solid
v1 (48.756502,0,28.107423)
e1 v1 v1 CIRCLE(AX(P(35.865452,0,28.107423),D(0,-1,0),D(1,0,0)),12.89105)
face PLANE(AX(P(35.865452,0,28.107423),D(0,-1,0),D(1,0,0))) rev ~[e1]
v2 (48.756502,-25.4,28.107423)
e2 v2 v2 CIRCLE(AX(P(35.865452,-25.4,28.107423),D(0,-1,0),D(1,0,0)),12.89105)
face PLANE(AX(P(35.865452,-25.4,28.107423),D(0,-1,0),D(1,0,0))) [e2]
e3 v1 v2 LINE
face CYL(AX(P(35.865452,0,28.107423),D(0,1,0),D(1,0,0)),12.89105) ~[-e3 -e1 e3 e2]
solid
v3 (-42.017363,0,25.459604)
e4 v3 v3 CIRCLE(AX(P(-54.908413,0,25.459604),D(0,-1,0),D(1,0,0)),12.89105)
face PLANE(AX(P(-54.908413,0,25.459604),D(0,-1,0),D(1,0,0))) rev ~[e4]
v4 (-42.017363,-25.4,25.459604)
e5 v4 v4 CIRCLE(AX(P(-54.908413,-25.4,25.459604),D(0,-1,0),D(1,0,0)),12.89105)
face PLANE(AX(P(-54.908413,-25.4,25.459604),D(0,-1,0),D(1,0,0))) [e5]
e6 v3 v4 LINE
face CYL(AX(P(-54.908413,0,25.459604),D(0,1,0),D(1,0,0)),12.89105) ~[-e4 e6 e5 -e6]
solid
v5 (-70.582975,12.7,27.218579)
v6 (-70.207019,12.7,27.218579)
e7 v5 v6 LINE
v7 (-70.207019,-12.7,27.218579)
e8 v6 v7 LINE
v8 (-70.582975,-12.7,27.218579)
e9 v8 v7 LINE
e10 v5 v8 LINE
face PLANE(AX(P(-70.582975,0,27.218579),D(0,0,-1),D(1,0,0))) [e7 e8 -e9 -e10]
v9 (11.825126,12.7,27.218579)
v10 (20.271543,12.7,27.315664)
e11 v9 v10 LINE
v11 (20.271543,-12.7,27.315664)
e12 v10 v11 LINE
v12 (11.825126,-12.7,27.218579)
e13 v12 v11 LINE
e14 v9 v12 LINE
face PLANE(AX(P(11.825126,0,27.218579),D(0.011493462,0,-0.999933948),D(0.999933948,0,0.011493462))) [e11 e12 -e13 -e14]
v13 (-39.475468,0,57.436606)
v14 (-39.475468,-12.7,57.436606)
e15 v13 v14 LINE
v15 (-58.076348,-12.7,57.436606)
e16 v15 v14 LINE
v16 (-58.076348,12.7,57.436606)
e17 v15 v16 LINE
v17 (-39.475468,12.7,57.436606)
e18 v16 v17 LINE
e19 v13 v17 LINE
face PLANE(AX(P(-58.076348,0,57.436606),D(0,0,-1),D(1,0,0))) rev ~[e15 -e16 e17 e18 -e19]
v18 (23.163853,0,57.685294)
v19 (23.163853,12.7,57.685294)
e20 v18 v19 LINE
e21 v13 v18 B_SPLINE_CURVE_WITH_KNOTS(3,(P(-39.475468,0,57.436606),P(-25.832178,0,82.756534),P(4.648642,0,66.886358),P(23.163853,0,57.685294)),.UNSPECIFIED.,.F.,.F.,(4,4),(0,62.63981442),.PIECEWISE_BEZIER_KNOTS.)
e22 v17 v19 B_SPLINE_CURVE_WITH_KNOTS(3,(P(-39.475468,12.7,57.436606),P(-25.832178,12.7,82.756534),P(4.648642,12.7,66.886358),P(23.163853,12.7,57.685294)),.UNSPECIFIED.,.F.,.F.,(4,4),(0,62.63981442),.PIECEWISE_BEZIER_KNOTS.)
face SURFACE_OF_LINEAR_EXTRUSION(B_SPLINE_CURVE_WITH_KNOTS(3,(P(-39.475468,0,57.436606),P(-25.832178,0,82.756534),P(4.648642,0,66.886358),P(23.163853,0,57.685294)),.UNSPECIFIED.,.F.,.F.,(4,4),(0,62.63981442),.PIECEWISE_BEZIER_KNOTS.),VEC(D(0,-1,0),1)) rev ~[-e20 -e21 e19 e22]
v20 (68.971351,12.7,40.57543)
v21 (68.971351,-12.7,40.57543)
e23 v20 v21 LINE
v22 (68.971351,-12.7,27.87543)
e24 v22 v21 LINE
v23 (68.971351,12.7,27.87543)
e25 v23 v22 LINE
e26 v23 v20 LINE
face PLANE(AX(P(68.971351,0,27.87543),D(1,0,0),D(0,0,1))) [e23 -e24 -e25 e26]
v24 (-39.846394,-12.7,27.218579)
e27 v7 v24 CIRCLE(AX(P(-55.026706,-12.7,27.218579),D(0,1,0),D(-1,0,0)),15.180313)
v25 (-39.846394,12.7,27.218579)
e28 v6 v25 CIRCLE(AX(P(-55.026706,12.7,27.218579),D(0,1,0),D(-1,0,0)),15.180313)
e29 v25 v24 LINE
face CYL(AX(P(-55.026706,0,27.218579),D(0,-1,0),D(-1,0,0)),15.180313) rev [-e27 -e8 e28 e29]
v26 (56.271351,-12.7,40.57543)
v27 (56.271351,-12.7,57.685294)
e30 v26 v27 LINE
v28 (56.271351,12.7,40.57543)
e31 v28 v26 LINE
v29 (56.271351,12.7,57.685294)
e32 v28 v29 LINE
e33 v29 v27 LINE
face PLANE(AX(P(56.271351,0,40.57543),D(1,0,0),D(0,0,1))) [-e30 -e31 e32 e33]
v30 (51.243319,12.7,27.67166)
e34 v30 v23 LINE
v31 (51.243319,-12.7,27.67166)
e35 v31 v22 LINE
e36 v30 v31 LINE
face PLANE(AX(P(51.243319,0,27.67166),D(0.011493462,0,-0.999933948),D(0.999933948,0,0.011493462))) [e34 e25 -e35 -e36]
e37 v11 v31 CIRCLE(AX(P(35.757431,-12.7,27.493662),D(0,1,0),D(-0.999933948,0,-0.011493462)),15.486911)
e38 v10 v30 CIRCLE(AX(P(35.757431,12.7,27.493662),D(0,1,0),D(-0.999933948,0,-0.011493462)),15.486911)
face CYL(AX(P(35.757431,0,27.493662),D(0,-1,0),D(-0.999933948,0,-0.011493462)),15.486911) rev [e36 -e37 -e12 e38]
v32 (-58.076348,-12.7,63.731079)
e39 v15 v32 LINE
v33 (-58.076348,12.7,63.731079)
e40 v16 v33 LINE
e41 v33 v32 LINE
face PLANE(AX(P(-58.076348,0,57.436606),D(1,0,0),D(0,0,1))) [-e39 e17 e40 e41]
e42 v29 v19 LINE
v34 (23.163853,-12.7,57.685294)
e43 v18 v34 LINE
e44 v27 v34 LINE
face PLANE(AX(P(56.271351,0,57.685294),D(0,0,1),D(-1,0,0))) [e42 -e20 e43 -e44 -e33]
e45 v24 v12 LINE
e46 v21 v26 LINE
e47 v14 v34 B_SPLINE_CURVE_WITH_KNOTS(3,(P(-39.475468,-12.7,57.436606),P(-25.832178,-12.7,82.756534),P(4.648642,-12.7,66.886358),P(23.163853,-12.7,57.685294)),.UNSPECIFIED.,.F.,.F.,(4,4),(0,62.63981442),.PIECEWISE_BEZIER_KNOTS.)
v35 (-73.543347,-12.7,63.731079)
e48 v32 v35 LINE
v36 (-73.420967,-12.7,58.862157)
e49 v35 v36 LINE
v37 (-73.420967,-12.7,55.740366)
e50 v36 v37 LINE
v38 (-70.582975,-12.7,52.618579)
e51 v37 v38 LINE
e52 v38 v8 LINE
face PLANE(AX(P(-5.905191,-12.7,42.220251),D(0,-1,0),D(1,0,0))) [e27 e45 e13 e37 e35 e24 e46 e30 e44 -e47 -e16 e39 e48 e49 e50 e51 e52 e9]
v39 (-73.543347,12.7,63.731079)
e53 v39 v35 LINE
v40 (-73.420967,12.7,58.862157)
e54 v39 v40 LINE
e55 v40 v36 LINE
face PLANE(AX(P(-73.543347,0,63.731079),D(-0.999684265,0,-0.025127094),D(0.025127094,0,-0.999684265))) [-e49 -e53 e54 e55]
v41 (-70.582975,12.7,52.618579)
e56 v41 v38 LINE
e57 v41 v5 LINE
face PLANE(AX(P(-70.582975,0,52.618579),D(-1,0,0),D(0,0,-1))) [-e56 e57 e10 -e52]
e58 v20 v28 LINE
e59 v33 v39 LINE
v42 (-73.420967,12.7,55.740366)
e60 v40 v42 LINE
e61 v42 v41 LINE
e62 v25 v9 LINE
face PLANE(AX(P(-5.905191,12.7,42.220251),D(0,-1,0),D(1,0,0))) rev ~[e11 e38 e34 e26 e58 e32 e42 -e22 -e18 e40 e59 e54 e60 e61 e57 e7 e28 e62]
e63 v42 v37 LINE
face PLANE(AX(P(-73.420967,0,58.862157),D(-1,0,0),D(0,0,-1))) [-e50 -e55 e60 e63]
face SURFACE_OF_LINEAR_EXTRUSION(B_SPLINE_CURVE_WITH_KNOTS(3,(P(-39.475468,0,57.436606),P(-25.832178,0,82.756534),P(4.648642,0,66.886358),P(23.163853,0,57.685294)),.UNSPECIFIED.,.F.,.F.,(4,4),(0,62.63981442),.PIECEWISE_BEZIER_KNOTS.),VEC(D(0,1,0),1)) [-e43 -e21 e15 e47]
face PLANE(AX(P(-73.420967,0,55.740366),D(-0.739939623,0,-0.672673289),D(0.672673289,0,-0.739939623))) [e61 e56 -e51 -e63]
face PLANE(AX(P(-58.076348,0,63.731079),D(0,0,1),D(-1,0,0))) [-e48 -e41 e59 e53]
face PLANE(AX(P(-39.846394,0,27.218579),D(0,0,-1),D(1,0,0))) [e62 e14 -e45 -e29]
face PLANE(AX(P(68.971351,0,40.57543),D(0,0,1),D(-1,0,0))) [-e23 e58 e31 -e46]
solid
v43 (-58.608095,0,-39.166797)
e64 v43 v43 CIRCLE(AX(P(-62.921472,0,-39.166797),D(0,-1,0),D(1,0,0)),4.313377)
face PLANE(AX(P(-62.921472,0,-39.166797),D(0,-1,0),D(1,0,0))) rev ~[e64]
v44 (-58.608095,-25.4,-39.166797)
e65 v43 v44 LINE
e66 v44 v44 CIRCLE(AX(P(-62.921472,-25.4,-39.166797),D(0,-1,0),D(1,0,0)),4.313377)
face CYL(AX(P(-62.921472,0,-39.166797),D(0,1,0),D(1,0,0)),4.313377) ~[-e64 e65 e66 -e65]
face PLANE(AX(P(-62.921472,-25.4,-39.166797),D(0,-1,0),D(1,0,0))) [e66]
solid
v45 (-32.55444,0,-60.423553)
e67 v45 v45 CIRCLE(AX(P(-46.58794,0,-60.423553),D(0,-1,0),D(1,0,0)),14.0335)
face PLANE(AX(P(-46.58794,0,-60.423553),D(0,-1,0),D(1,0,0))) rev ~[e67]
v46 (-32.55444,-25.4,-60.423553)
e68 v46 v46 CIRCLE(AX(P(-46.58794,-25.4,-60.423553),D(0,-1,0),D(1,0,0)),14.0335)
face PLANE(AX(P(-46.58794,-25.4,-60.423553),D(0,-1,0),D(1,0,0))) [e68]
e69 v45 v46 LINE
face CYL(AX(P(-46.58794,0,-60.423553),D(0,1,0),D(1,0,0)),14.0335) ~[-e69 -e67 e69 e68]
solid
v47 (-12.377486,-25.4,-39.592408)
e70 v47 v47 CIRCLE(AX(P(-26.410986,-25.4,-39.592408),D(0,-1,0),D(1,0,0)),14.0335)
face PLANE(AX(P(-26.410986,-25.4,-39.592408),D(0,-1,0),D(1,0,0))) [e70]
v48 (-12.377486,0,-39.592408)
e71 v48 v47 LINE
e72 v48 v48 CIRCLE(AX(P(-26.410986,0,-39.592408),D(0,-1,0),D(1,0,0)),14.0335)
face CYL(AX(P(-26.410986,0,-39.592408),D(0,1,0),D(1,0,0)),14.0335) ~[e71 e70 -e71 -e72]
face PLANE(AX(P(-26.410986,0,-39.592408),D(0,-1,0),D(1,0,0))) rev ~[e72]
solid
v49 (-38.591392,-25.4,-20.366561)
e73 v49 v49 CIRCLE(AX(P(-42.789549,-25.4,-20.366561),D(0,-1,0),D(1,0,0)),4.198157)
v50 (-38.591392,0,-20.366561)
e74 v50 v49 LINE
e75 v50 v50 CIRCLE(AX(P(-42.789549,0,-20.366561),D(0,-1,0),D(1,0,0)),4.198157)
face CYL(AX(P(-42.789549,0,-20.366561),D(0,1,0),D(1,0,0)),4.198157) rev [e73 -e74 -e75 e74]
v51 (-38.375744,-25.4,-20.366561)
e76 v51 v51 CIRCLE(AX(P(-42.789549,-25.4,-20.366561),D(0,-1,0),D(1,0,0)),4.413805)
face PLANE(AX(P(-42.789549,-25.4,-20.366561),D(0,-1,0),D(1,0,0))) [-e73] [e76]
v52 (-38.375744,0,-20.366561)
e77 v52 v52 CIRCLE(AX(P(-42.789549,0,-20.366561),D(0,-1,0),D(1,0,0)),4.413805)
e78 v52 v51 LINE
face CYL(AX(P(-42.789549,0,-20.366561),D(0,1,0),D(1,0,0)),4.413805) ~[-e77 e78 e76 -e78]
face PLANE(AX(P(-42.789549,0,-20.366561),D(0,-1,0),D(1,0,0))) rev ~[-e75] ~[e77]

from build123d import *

# Parameters (mm, degrees)
F0_W     = 50.8
F0_H     = 8.048554721
F0_W_2   = 18.6008806118
F0_H_2   = 6.2944726395
F1_DEPTH = 12.7
F2_R     = 12.8910501965
F3_DEPTH = 25.4
F2_R_2   = 4.4138047906
F2_R_3   = 4.1981567518
F2_R_4   = 4.3133772
F2_R_5   = 14.0335


with BuildPart() as f1:
    # F0 (on Front) → F1 (new body, symmetric)
    with BuildSketch(Plane.XZ):
        with BuildLine():
            Line((-73.4209669053, 55.7403657233), (-70.5829752063, 52.6185790514))
            Line((-70.5829752063, 52.6185790514), (-70.5829752063, 27.2185790514))
            Line((-70.5829752063, 27.2185790514), (-70.2070189452, 27.2185790514))
            ThreePointArc((-70.2070189452, 27.2185790514), (-55.0267063081, 42.3988916884), (-39.846393671, 27.2185790514))
            Line((-39.846393671, 27.2185790514), (11.8251257334, 27.2185790514))
            Line((11.8251257334, 27.2185790514), (20.271542769, 27.3156640365))
            ThreePointArc((20.271542769, 27.3156640365), (35.5794324636, 42.979550171), (51.2433185982, 27.6716604765))
            Line((51.2433185982, 27.6716604765), (68.9713508607, 27.8754303994))
            Line((68.9713508607, 27.8754303994), (68.9713508607, 40.5754303994))
            Line((68.9713508607, 40.5754303994), (56.2713508607, 40.5754303994))
            Line((56.2713508607, 40.5754303994), (56.2713508607, 57.6852942501))
            Line((56.2713508607, 57.6852942501), (41.7381572862, 57.6852942501))
            Line((41.7381572862, 57.6852942501), (23.1638532132, 57.6852942501))
            Line((23.1638532132, 57.6852942501), (11.3245324561, 57.6852942501))
            Line((11.3245324561, 57.6852942501), (11.3245324561, 51.1421337724))
            Line((11.3245324561, 51.1421337724), (11.3245324561, 43.0935790514))
            Line((11.3245324561, 43.0935790514), (-39.4754675439, 43.0935790514))
            Line((-39.4754675439, 43.0935790514), (-39.4754675439, 51.1421337724))
            Line((-39.4754675439, 51.1421337724), (-58.0763481557, 51.1421337724))
            Line((-58.0763481557, 51.1421337724), (-58.0763481557, 57.4366064119))
            Line((-58.0763481557, 57.4366064119), (-58.0763481557, 63.7310790514))
            Line((-58.0763481557, 63.7310790514), (-73.5433474183, 63.7310790514))
            Line((-73.5433474183, 63.7310790514), (-73.4209669053, 58.8621565922))
            Line((-73.4209669053, 58.8621565922), (-73.4209669053, 55.7403657233))
        make_face()
        with BuildLine():
            add(Edge.make_bspline(
                [(-39.4754675439, 57.4366064119), (-25.8321780711, 82.7565342188), (4.6486416832, 66.8863579631), (23.1638532132, 57.6852942501)],
                knots=[0, 0, 0, 0, 62.6398144198, 62.6398144198, 62.6398144198, 62.6398144198], degree=3))
            Line((-39.4754675439, 57.4366064119), (-39.4754675439, 51.1421337724))
            Line((-39.4754675439, 51.1421337724), (11.3245324561, 51.1421337724))
            Line((11.3245324561, 51.1421337724), (11.3245324561, 57.6852942501))
            Line((11.3245324561, 57.6852942501), (23.1638532132, 57.6852942501))
        make_face()
        with Locations((-14.0754675439, 47.1178564119)):
            Rectangle(F0_W, F0_H)
        with Locations((-48.7759078498, 54.2893700921)):
            Rectangle(F0_W_2, F0_H_2)
    extrude(amount=F1_DEPTH, both=True)


with BuildPart() as f3:
    # F2 (on Front) → F3 (new body)
    with BuildSketch(Plane.XZ):
        with Locations((-54.90841344, 25.4596043378)):
            Circle(F2_R)
    extrude(amount=F3_DEPTH)


with BuildPart() as f3b:
    # F2 (on Front) → F3, piece 2 (new body)
    with BuildSketch(Plane.XZ):
        with Locations((35.8654521406, 28.1074233353)):
            Circle(F2_R)
    extrude(amount=F3_DEPTH)


with BuildPart() as f3c:
    # F2 (on Front) → F3, piece 3 (new body)
    with BuildSketch(Plane.XZ):
        with Locations((-42.7895486355, -20.3665606678)):
            Circle(F2_R_2)
        with Locations((-42.7895486355, -20.3665606678)):
            Circle(F2_R_3, mode=Mode.SUBTRACT)
    extrude(amount=F3_DEPTH)


with BuildPart() as f3d:
    # F2 (on Front) → F3, piece 4 (new body)
    with BuildSketch(Plane.XZ):
        with Locations((-62.9214718938, -39.1667969525)):
            Circle(F2_R_4)
    extrude(amount=F3_DEPTH)


with BuildPart() as f3e:
    # F2 (on Front) → F3, piece 5 (new body)
    with BuildSketch(Plane.XZ):
        with Locations((-46.5879403055, -60.42355299)):
            Circle(F2_R_5)
    extrude(amount=F3_DEPTH)


with BuildPart() as f3f:
    # F2 (on Front) → F3, piece 6 (new body)
    with BuildSketch(Plane.XZ):
        with Locations((-26.410985738, -39.5924076438)):
            Circle(F2_R_5)
    extrude(amount=F3_DEPTH)


solid = Compound([f1.part, f3.part, f3b.part, f3c.part, f3d.part, f3e.part, f3f.part])
